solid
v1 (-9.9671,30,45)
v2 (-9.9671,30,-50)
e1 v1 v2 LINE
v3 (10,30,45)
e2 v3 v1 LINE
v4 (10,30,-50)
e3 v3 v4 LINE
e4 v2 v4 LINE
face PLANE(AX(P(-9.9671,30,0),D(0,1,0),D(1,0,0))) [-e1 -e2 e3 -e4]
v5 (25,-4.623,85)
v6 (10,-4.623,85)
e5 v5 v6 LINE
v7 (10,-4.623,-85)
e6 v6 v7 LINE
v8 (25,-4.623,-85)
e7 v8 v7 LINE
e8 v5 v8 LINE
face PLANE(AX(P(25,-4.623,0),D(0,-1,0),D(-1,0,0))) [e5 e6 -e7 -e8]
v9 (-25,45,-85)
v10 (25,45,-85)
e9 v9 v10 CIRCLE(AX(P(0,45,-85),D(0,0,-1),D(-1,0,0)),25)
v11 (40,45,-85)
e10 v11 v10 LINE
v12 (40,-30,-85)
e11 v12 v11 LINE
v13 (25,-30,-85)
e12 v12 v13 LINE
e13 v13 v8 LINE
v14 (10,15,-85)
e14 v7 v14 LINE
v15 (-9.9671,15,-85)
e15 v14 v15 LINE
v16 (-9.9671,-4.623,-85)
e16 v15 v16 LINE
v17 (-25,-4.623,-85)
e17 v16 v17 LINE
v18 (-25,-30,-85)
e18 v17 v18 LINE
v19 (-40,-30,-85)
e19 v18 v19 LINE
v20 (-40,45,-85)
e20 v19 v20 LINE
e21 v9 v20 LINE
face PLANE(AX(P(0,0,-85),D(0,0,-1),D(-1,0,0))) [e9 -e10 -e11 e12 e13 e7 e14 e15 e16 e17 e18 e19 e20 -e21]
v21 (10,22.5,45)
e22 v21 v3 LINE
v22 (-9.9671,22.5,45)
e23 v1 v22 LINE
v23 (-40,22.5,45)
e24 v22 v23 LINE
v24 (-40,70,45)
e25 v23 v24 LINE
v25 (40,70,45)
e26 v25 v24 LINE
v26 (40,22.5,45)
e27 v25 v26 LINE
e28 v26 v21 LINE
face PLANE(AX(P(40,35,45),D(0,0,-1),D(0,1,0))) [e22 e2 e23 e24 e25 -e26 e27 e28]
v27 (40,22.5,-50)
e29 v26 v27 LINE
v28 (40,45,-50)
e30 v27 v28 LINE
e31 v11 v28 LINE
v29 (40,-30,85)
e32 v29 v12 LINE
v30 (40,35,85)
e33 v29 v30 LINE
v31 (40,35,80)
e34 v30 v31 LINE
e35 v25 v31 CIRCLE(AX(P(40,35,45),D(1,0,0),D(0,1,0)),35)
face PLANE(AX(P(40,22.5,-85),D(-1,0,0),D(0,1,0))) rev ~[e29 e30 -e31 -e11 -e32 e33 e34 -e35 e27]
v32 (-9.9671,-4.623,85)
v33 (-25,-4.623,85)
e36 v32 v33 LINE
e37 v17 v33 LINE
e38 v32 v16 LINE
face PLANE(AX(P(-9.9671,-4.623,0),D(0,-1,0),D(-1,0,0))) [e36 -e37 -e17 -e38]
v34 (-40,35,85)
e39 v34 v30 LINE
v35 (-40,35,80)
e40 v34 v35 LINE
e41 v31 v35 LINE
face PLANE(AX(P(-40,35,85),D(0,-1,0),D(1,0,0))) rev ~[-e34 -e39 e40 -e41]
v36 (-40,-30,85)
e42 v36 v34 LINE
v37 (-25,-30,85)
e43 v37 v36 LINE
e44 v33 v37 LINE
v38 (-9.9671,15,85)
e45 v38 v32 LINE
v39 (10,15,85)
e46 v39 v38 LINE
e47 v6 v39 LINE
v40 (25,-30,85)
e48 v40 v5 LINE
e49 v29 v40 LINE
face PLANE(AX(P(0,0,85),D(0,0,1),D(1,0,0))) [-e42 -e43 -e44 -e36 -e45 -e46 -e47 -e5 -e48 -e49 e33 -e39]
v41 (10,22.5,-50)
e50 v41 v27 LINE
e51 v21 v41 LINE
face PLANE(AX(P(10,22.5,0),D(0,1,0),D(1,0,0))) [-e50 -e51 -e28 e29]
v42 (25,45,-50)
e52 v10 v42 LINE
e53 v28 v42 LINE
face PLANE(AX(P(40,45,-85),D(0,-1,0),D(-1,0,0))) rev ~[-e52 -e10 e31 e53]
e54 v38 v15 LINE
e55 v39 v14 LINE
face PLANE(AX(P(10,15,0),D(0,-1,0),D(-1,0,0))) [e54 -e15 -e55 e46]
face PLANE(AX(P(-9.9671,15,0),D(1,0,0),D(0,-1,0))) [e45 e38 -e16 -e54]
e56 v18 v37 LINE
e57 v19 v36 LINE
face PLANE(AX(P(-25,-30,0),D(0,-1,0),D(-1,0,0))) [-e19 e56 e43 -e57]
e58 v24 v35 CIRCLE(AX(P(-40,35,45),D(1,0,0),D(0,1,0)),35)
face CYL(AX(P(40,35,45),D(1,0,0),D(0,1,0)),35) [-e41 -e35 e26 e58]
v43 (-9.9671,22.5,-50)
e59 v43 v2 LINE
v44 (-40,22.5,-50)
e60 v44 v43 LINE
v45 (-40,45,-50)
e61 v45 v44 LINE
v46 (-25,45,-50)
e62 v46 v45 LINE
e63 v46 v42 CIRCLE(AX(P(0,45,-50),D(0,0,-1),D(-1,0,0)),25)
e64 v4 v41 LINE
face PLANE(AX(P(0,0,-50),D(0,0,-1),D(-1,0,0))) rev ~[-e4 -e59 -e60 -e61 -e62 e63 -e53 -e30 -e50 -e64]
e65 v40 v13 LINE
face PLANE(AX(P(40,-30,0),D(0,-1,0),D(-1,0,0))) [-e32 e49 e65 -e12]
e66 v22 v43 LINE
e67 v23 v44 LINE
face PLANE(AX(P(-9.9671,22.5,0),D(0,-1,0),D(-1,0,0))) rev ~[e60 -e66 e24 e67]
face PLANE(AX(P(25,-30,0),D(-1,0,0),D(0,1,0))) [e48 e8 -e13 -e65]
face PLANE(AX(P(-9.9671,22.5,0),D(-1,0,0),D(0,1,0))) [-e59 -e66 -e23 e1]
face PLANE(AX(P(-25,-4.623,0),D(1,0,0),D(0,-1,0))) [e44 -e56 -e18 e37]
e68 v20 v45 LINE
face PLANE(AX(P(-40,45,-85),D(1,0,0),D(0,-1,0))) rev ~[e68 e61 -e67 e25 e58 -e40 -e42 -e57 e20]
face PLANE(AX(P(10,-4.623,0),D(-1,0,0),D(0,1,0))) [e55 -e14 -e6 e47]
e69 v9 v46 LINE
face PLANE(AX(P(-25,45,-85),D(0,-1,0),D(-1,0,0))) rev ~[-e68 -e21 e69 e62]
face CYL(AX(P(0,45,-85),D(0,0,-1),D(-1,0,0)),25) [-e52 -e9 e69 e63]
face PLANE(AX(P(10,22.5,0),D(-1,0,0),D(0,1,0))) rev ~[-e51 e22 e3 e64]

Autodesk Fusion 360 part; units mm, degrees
sketch "Sketch1" plane through (0, 0, 0) normal (0, 0, 1) x (1, 0, 0)
  line L0 (-40, -30) -> (-40, 22.5)
  line L1 (-9.9671, 30) -> (10, 30)
  line L2 (40, 22.5) -> (40, -30)
  line L3 (25, -30) -> (25, -4.623)
  line L4 (-25, -4.623) -> (-25, -30)
  line L5 (40, -30) -> (25, -30)
  line L6 (-25, -30) -> (-40, -30)
  line L7 (10, -4.623) -> (10, 15)
  line L8 (10, 15) -> (-9.9671, 15)
  line L9 (-9.9671, 15) -> (-9.9671, -4.623)
  line L10 (10, 22.5) -> (10, 30)
  line L11 (-9.9671, 22.5) -> (-9.9671, 30)
  line L12 (10, 22.5) -> (40, 22.5)
  line L13 (-9.9671, 22.5) -> (-40, 22.5)
  line L14 (25, -4.623) -> (10, -4.623)
  line L15 (-9.9671, -4.623) -> (-25, -4.623)
extrude "Extrude1" add sketch "Sketch1" along normal mid plane 170
sketch "Sketch2" plane through (0, 0, 85) normal (0, 0, 1) x (1, 0, 0)
  line L0 (10, 22.5) -> (10, 30)
  line L1 (10, 30) -> (-9.9671, 30)
  line L2 (-9.9671, 30) -> (-9.9671, 22.5)
  line L3 (-9.9671, 22.5) -> (-40, 22.5)
  line L4 (-40, 22.5) -> (-40, -30)
  line L5 (-40, -30) -> (-25, -30)
  line L6 (-25, -30) -> (-25, -4.623)
  line L7 (-25, -4.623) -> (-9.9671, -4.623)
  line L8 (-9.9671, -4.623) -> (-9.9671, 15)
  line L9 (-9.9671, 15) -> (10, 15)
  line L10 (10, 15) -> (10, -4.623)
  line L11 (10, -4.623) -> (25, -4.623)
  line L12 (25, -4.623) -> (25, -30)
  line L13 (25, -30) -> (40, -30)
  line L14 (40, -30) -> (40, 22.5)
  line L15 (40, 22.5) -> (10, 22.5)
  line L16 (-40, 22.5) -> (-40, 35)
  line L17 (-40, 35) -> (40, 35)
  line L18 (40, 35) -> (40, 22.5)
extrude "Extrude2" add sketch "Sketch2" against normal blind 40 contours L0 L1 L2 L3 L15 L16 L17 L18
sketch "Sketch3" plane through (40, 0, 0) normal (1, 0, 0) x (0, 0, -1)
  line L0 (85, 22.5) -> (-45, 22.5)
  line L1 (-45, 22.5) -> (-45, 35)
  line L2 (-45, 35) -> (-85, 35)
  line L3 (-85, 35) -> (-85, -30)
  line L4 (-85, -30) -> (85, -30)
  line L5 (85, -30) -> (85, 22.5)
  line L6 (-45, 35) -> (-45, 70)
  arc A0 (-45, 70) -> (-80, 35) centre (-45, 35) ccw
extrude "Extrude3" add sketch "Sketch3" against normal up to surface (80 mm away) contours L2 L6 A0
sketch "Sketch4" plane through (0, 0, -85) normal (0, 0, -1) x (-1, 0, 0)
  line L0 (-10, 30) -> (-10, 22.5)
  line L1 (-10, 22.5) -> (-40, 22.5)
  line L2 (-40, 22.5) -> (-40, -30)
  line L3 (-40, -30) -> (-25, -30)
  line L4 (-25, -30) -> (-25, -4.623)
  line L5 (-25, -4.623) -> (-10, -4.623)
  line L6 (-10, -4.623) -> (-10, 15)
  line L7 (-10, 15) -> (9.9671, 15)
  line L8 (9.9671, 15) -> (9.9671, -4.623)
  line L9 (9.9671, -4.623) -> (25, -4.623)
  line L10 (25, -4.623) -> (25, -30)
  line L11 (25, -30) -> (40, -30)
  line L12 (40, -30) -> (40, 22.5)
  line L13 (40, 22.5) -> (9.9671, 22.5)
  line L14 (9.9671, 22.5) -> (9.9671, 30)
  line L15 (9.9671, 30) -> (-10, 30)
  line L16 (-40, 22.5) -> (-40, 45)
  line L17 (40, 45) -> (40, 22.5)
  arc A0 (25, 45) -> (-25, 45) centre (0, 45) ccw
  line L18 (-40, 45) -> (-25, 45)
  line L19 (25, 45) -> (40, 45)
extrude "Extrude4" add sketch "Sketch4" against normal blind 35 contours L0 L1 L13 L14 L15 L16 L17 A0 L18 L19
